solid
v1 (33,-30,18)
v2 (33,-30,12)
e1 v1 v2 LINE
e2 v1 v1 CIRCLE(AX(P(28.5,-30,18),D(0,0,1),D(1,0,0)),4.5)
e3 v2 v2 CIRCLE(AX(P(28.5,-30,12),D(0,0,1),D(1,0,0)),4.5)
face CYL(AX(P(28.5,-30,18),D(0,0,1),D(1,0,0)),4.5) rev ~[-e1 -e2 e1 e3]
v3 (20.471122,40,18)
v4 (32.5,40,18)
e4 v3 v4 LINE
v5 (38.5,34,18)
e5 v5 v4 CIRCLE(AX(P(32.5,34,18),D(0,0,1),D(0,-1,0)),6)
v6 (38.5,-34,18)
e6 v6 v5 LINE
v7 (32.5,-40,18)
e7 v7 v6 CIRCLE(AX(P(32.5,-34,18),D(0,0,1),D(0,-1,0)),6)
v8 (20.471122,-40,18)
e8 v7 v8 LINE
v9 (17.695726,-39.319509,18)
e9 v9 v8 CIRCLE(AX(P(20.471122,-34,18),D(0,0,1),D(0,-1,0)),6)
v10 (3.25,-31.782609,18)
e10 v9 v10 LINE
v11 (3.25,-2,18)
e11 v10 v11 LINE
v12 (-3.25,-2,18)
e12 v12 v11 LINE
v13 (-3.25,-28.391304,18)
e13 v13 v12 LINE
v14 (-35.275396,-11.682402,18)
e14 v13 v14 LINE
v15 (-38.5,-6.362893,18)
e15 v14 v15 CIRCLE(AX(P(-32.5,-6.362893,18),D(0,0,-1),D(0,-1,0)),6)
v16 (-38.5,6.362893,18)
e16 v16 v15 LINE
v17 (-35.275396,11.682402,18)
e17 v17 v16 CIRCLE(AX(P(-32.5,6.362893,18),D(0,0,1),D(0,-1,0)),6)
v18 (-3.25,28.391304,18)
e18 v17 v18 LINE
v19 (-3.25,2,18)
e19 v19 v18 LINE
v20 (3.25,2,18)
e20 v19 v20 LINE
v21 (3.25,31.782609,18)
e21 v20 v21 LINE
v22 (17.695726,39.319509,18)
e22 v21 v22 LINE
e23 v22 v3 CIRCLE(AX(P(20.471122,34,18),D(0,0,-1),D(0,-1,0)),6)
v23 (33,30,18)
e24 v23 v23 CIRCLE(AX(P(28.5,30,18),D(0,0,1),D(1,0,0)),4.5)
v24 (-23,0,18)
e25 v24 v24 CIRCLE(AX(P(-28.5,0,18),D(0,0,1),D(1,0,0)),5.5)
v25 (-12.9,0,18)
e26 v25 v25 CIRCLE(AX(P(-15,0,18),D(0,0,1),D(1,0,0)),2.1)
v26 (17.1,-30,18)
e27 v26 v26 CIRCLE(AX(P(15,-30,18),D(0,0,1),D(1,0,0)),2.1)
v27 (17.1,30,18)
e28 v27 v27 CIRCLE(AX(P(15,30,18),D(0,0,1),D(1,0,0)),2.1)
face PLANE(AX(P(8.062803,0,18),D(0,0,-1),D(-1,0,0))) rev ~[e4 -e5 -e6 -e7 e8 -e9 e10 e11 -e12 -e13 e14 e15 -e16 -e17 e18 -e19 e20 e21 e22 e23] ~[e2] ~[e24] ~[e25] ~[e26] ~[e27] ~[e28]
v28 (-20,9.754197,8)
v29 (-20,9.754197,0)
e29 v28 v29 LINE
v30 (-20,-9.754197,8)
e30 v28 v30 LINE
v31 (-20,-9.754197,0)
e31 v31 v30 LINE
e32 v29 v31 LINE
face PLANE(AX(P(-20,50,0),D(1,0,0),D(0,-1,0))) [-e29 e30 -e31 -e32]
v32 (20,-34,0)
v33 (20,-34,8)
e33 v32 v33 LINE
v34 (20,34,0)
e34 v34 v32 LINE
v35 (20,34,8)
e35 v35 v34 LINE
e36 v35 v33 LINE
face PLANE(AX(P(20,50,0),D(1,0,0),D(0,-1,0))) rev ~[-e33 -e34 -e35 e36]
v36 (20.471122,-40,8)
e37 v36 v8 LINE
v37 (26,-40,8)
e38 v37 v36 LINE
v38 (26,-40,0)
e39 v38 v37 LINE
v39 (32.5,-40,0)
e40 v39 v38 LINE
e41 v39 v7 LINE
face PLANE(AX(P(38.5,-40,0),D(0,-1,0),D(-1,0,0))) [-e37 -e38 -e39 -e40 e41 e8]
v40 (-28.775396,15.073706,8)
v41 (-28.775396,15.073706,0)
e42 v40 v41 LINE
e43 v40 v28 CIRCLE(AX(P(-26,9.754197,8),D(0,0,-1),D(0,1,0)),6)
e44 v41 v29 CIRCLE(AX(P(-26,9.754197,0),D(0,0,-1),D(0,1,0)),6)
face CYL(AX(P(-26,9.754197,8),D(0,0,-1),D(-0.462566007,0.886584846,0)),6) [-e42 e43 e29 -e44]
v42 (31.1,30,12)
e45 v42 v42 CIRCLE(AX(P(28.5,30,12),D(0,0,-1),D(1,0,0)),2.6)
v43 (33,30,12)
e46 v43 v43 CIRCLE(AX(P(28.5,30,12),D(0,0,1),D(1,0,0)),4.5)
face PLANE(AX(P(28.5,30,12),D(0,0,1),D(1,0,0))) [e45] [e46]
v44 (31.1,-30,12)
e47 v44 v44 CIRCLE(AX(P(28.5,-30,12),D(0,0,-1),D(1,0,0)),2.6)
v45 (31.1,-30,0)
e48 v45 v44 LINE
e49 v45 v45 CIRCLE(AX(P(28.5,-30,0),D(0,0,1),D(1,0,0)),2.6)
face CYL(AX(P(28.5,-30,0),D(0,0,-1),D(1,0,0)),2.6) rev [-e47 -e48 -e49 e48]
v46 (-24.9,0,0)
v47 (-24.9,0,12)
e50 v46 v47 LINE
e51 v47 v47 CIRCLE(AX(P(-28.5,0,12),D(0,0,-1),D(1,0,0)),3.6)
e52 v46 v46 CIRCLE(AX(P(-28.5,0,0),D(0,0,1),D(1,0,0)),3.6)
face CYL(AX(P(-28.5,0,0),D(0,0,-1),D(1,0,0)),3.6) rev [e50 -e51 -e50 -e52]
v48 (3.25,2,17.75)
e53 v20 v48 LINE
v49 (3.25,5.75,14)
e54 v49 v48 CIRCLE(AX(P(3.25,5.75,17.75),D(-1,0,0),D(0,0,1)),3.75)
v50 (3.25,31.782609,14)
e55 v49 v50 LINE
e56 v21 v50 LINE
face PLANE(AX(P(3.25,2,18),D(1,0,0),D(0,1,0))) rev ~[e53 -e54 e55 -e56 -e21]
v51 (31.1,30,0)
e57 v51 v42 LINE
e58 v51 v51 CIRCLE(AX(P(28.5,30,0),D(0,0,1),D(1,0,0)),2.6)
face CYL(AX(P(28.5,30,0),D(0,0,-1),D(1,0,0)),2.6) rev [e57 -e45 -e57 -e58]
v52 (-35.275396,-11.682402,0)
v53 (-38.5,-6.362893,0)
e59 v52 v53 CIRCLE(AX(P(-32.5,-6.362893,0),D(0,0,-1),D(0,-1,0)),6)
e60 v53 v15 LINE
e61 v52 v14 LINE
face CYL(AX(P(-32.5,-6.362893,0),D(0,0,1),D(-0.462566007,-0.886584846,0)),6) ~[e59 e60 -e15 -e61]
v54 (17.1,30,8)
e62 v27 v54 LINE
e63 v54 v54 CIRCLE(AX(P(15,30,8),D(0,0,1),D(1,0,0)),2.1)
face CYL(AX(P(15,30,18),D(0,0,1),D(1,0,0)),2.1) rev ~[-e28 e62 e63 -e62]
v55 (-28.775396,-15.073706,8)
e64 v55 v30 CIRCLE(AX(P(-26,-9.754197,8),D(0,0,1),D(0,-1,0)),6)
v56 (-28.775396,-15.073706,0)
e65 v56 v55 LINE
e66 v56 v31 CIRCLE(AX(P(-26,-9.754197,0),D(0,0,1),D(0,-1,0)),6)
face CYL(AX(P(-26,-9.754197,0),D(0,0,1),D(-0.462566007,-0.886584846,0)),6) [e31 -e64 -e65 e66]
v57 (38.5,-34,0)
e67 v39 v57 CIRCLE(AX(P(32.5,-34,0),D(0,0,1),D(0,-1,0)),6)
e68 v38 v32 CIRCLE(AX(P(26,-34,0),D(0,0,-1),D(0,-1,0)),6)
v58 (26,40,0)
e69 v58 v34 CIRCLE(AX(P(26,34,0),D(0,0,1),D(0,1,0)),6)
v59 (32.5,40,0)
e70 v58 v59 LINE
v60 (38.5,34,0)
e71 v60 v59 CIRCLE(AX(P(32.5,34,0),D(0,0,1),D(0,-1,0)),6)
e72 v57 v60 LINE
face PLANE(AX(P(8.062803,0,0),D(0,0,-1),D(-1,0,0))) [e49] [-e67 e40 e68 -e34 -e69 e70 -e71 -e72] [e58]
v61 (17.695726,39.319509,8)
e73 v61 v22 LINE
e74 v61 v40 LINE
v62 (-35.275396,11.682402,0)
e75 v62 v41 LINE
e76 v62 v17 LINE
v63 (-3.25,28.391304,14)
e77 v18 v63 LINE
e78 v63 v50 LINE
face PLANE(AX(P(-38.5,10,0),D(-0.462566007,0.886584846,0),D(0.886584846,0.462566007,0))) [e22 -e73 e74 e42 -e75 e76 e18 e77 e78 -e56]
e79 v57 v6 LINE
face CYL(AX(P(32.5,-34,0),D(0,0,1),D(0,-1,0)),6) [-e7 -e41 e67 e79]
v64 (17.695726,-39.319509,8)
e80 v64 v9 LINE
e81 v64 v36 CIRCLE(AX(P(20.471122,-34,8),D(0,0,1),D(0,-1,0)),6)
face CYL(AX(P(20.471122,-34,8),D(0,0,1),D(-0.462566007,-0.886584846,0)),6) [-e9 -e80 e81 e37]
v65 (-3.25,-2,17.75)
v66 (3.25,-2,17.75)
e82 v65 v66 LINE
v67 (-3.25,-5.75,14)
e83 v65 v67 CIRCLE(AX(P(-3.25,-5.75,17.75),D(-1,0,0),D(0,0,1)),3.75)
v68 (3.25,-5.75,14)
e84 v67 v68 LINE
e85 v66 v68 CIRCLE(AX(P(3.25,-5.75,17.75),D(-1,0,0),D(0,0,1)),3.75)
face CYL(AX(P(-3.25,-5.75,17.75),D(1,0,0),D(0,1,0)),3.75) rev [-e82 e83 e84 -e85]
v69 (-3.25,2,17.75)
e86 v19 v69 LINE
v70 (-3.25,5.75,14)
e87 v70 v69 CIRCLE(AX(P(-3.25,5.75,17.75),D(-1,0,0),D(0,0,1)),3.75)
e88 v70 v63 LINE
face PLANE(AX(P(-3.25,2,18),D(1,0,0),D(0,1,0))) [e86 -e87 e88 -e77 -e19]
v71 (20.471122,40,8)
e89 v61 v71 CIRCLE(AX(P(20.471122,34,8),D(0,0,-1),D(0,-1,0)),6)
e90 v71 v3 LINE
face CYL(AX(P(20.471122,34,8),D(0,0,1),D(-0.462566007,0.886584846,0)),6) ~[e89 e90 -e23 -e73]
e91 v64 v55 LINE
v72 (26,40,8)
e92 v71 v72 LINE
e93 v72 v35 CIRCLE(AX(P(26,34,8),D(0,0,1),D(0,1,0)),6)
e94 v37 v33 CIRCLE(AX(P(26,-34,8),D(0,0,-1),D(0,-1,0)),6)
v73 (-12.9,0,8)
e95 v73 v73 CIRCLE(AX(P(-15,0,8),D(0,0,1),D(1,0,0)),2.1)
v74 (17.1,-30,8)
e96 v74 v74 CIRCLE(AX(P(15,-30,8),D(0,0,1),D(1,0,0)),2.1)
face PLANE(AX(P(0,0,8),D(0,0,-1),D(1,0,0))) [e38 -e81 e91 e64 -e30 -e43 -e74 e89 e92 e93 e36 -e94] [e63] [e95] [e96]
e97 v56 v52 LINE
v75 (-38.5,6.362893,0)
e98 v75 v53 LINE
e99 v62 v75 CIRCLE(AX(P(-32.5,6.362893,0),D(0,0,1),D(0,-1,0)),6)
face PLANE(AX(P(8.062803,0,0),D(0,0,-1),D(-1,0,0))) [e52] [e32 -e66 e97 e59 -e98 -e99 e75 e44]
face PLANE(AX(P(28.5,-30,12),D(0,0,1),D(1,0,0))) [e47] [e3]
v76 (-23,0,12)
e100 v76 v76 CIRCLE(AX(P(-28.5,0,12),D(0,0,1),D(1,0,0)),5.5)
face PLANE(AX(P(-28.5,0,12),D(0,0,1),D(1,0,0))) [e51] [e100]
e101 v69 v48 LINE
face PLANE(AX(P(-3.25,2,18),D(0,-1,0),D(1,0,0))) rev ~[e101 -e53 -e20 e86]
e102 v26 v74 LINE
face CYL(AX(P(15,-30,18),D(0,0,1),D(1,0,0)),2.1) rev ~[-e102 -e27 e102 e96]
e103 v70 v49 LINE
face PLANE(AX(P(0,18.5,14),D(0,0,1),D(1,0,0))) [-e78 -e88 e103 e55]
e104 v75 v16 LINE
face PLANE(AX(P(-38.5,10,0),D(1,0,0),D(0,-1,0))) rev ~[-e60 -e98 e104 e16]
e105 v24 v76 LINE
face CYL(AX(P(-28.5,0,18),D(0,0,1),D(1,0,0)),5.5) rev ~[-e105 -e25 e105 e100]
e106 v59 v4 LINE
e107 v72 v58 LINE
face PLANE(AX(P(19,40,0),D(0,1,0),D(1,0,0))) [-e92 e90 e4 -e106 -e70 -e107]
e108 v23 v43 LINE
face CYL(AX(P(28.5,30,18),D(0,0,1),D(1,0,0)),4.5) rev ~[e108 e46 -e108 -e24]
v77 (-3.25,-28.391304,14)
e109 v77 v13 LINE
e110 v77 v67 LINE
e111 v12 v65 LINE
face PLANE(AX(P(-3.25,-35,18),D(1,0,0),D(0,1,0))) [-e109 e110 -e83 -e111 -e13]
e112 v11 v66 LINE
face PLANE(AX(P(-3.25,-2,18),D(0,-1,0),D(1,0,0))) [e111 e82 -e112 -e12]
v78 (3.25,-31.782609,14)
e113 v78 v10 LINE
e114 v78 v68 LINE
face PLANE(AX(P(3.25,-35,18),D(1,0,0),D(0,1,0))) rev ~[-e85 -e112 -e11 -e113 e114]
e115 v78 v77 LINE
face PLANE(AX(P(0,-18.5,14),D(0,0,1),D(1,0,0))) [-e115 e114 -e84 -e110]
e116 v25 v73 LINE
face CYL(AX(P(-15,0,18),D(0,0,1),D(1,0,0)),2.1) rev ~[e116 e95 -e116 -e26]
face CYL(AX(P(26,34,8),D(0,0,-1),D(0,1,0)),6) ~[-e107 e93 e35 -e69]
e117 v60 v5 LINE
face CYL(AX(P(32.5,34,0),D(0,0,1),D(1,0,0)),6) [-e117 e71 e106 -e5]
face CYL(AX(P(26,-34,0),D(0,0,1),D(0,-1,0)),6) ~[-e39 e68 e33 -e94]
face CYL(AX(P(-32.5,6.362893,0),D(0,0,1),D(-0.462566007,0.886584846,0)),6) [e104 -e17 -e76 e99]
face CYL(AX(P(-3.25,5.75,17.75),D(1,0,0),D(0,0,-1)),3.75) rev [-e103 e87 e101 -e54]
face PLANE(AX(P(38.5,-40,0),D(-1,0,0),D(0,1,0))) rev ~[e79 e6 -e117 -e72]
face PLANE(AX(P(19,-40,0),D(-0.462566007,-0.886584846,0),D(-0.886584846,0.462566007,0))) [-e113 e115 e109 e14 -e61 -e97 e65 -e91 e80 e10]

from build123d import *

# Parameters (mm, degrees)
SKETCH_R        = 3.6
SKETCH_R_2      = 2.6
PAD_DEPTH       = 18
SKETCH001_R     = 3.6
POCKET_DEPTH    = 3
SKETCH002_W     = 40
SKETCH002_H     = 100
POCKET001_DEPTH = 8
SKETCH003_R     = 5.5
SKETCH003_R_2   = 4.5
POCKET002_DEPTH = 6
FILLET_R        = 6
FILLET001_R     = 6
SKETCH004_W     = 6.5
SKETCH004_H     = 33
POCKET003_DEPTH = 4
SKETCH005_R     = 2.1
POCKET004_DEPTH = 10
FILLET002_R     = 3.75


with BuildPart() as part:
    # Sketch → Pad (new body)
    with BuildSketch(Plane.XY):
        Polygon((-38.5, 0), (-38.5, 10), (19, 40), (38.5, 40), (38.5, 0), (38.5, -40), (19, -40), (-38.5, -10), align=None)
        with Locations((-28.5, 0)):
            Circle(SKETCH_R, mode=Mode.SUBTRACT)
        with Locations((28.5, -30)):
            Circle(SKETCH_R_2, mode=Mode.SUBTRACT)
        with Locations((28.5, 30)):
            Circle(SKETCH_R_2, mode=Mode.SUBTRACT)
    extrude(amount=PAD_DEPTH)

    # Sketch001 (on Face3 of Pad) → Pocket (cut)
    with BuildSketch(Plane(origin=(0, 0, 0), x_dir=(1, 0, 0), z_dir=(0, 0, -1))):
        with Locations((-28.5, 0)):
            Circle(SKETCH001_R)
    extrude(amount=-POCKET_DEPTH, mode=Mode.SUBTRACT)

    # Sketch002 (on Face3 of Pocket) → Pocket001 (cut)
    with BuildSketch(Plane(origin=(0, 0, 0), x_dir=(1, 0, 0), z_dir=(0, 0, -1))):
        Rectangle(SKETCH002_W, SKETCH002_H)
    extrude(amount=-POCKET001_DEPTH, mode=Mode.SUBTRACT)

    # Sketch003 (on Face6 of Pocket001) → Pocket002 (cut)
    with BuildSketch(Plane.XY.offset(18)):
        with Locations((-28.5, 0)):
            Circle(SKETCH003_R)
        with Locations((28.5, 30)):
            Circle(SKETCH003_R_2)
        with Locations((28.5, -30)):
            Circle(SKETCH003_R_2)
    extrude(amount=-POCKET002_DEPTH, mode=Mode.SUBTRACT)

    # Fillet
    fillet_edges = [part.edges().sort_by_distance(p)[0] for p in [
        (20, -40, 4),
        (20, 40, 4),
        (-20, -19.652174, 4),
        (-20, 19.652174, 4),
    ]]
    fillet(fillet_edges, radius=FILLET_R)

    # Fillet001
    fillet001_edges = [part.edges().sort_by_distance(p)[0] for p in [
        (-38.5, 10, 9),
        (-38.5, -10, 9),
        (19, 40, 13),
        (38.5, 40, 9),
        (38.5, -40, 9),
        (19, -40, 13),
    ]]
    fillet(fillet001_edges, radius=FILLET001_R)

    # Sketch004 (on Face5 of Fillet001) → Pocket003 (cut)
    with BuildSketch(Plane.XY.offset(18)):
        with Locations((0, -18.5)):
            Rectangle(SKETCH004_W, SKETCH004_H)
        with Locations((0, 18.5)):
            Rectangle(SKETCH004_W, SKETCH004_H)
    extrude(amount=-POCKET003_DEPTH, mode=Mode.SUBTRACT)

    # Sketch005 (on Face6 of Pocket003) → Pocket004 (cut)
    with BuildSketch(Plane.XY.offset(18)):
        with Locations((-15, 0)):
            Circle(SKETCH005_R)
        with Locations((15, -30)):
            Circle(SKETCH005_R)
        with Locations((15, 30)):
            Circle(SKETCH005_R)
    extrude(amount=-POCKET004_DEPTH, mode=Mode.SUBTRACT)

    # Fillet002
    fillet002_edges = [part.edges().sort_by_distance(p)[0] for p in [
        (0, -2, 14),
        (0, 2, 14),
    ]]
    fillet(fillet002_edges, radius=FILLET002_R)


solid = part.part
